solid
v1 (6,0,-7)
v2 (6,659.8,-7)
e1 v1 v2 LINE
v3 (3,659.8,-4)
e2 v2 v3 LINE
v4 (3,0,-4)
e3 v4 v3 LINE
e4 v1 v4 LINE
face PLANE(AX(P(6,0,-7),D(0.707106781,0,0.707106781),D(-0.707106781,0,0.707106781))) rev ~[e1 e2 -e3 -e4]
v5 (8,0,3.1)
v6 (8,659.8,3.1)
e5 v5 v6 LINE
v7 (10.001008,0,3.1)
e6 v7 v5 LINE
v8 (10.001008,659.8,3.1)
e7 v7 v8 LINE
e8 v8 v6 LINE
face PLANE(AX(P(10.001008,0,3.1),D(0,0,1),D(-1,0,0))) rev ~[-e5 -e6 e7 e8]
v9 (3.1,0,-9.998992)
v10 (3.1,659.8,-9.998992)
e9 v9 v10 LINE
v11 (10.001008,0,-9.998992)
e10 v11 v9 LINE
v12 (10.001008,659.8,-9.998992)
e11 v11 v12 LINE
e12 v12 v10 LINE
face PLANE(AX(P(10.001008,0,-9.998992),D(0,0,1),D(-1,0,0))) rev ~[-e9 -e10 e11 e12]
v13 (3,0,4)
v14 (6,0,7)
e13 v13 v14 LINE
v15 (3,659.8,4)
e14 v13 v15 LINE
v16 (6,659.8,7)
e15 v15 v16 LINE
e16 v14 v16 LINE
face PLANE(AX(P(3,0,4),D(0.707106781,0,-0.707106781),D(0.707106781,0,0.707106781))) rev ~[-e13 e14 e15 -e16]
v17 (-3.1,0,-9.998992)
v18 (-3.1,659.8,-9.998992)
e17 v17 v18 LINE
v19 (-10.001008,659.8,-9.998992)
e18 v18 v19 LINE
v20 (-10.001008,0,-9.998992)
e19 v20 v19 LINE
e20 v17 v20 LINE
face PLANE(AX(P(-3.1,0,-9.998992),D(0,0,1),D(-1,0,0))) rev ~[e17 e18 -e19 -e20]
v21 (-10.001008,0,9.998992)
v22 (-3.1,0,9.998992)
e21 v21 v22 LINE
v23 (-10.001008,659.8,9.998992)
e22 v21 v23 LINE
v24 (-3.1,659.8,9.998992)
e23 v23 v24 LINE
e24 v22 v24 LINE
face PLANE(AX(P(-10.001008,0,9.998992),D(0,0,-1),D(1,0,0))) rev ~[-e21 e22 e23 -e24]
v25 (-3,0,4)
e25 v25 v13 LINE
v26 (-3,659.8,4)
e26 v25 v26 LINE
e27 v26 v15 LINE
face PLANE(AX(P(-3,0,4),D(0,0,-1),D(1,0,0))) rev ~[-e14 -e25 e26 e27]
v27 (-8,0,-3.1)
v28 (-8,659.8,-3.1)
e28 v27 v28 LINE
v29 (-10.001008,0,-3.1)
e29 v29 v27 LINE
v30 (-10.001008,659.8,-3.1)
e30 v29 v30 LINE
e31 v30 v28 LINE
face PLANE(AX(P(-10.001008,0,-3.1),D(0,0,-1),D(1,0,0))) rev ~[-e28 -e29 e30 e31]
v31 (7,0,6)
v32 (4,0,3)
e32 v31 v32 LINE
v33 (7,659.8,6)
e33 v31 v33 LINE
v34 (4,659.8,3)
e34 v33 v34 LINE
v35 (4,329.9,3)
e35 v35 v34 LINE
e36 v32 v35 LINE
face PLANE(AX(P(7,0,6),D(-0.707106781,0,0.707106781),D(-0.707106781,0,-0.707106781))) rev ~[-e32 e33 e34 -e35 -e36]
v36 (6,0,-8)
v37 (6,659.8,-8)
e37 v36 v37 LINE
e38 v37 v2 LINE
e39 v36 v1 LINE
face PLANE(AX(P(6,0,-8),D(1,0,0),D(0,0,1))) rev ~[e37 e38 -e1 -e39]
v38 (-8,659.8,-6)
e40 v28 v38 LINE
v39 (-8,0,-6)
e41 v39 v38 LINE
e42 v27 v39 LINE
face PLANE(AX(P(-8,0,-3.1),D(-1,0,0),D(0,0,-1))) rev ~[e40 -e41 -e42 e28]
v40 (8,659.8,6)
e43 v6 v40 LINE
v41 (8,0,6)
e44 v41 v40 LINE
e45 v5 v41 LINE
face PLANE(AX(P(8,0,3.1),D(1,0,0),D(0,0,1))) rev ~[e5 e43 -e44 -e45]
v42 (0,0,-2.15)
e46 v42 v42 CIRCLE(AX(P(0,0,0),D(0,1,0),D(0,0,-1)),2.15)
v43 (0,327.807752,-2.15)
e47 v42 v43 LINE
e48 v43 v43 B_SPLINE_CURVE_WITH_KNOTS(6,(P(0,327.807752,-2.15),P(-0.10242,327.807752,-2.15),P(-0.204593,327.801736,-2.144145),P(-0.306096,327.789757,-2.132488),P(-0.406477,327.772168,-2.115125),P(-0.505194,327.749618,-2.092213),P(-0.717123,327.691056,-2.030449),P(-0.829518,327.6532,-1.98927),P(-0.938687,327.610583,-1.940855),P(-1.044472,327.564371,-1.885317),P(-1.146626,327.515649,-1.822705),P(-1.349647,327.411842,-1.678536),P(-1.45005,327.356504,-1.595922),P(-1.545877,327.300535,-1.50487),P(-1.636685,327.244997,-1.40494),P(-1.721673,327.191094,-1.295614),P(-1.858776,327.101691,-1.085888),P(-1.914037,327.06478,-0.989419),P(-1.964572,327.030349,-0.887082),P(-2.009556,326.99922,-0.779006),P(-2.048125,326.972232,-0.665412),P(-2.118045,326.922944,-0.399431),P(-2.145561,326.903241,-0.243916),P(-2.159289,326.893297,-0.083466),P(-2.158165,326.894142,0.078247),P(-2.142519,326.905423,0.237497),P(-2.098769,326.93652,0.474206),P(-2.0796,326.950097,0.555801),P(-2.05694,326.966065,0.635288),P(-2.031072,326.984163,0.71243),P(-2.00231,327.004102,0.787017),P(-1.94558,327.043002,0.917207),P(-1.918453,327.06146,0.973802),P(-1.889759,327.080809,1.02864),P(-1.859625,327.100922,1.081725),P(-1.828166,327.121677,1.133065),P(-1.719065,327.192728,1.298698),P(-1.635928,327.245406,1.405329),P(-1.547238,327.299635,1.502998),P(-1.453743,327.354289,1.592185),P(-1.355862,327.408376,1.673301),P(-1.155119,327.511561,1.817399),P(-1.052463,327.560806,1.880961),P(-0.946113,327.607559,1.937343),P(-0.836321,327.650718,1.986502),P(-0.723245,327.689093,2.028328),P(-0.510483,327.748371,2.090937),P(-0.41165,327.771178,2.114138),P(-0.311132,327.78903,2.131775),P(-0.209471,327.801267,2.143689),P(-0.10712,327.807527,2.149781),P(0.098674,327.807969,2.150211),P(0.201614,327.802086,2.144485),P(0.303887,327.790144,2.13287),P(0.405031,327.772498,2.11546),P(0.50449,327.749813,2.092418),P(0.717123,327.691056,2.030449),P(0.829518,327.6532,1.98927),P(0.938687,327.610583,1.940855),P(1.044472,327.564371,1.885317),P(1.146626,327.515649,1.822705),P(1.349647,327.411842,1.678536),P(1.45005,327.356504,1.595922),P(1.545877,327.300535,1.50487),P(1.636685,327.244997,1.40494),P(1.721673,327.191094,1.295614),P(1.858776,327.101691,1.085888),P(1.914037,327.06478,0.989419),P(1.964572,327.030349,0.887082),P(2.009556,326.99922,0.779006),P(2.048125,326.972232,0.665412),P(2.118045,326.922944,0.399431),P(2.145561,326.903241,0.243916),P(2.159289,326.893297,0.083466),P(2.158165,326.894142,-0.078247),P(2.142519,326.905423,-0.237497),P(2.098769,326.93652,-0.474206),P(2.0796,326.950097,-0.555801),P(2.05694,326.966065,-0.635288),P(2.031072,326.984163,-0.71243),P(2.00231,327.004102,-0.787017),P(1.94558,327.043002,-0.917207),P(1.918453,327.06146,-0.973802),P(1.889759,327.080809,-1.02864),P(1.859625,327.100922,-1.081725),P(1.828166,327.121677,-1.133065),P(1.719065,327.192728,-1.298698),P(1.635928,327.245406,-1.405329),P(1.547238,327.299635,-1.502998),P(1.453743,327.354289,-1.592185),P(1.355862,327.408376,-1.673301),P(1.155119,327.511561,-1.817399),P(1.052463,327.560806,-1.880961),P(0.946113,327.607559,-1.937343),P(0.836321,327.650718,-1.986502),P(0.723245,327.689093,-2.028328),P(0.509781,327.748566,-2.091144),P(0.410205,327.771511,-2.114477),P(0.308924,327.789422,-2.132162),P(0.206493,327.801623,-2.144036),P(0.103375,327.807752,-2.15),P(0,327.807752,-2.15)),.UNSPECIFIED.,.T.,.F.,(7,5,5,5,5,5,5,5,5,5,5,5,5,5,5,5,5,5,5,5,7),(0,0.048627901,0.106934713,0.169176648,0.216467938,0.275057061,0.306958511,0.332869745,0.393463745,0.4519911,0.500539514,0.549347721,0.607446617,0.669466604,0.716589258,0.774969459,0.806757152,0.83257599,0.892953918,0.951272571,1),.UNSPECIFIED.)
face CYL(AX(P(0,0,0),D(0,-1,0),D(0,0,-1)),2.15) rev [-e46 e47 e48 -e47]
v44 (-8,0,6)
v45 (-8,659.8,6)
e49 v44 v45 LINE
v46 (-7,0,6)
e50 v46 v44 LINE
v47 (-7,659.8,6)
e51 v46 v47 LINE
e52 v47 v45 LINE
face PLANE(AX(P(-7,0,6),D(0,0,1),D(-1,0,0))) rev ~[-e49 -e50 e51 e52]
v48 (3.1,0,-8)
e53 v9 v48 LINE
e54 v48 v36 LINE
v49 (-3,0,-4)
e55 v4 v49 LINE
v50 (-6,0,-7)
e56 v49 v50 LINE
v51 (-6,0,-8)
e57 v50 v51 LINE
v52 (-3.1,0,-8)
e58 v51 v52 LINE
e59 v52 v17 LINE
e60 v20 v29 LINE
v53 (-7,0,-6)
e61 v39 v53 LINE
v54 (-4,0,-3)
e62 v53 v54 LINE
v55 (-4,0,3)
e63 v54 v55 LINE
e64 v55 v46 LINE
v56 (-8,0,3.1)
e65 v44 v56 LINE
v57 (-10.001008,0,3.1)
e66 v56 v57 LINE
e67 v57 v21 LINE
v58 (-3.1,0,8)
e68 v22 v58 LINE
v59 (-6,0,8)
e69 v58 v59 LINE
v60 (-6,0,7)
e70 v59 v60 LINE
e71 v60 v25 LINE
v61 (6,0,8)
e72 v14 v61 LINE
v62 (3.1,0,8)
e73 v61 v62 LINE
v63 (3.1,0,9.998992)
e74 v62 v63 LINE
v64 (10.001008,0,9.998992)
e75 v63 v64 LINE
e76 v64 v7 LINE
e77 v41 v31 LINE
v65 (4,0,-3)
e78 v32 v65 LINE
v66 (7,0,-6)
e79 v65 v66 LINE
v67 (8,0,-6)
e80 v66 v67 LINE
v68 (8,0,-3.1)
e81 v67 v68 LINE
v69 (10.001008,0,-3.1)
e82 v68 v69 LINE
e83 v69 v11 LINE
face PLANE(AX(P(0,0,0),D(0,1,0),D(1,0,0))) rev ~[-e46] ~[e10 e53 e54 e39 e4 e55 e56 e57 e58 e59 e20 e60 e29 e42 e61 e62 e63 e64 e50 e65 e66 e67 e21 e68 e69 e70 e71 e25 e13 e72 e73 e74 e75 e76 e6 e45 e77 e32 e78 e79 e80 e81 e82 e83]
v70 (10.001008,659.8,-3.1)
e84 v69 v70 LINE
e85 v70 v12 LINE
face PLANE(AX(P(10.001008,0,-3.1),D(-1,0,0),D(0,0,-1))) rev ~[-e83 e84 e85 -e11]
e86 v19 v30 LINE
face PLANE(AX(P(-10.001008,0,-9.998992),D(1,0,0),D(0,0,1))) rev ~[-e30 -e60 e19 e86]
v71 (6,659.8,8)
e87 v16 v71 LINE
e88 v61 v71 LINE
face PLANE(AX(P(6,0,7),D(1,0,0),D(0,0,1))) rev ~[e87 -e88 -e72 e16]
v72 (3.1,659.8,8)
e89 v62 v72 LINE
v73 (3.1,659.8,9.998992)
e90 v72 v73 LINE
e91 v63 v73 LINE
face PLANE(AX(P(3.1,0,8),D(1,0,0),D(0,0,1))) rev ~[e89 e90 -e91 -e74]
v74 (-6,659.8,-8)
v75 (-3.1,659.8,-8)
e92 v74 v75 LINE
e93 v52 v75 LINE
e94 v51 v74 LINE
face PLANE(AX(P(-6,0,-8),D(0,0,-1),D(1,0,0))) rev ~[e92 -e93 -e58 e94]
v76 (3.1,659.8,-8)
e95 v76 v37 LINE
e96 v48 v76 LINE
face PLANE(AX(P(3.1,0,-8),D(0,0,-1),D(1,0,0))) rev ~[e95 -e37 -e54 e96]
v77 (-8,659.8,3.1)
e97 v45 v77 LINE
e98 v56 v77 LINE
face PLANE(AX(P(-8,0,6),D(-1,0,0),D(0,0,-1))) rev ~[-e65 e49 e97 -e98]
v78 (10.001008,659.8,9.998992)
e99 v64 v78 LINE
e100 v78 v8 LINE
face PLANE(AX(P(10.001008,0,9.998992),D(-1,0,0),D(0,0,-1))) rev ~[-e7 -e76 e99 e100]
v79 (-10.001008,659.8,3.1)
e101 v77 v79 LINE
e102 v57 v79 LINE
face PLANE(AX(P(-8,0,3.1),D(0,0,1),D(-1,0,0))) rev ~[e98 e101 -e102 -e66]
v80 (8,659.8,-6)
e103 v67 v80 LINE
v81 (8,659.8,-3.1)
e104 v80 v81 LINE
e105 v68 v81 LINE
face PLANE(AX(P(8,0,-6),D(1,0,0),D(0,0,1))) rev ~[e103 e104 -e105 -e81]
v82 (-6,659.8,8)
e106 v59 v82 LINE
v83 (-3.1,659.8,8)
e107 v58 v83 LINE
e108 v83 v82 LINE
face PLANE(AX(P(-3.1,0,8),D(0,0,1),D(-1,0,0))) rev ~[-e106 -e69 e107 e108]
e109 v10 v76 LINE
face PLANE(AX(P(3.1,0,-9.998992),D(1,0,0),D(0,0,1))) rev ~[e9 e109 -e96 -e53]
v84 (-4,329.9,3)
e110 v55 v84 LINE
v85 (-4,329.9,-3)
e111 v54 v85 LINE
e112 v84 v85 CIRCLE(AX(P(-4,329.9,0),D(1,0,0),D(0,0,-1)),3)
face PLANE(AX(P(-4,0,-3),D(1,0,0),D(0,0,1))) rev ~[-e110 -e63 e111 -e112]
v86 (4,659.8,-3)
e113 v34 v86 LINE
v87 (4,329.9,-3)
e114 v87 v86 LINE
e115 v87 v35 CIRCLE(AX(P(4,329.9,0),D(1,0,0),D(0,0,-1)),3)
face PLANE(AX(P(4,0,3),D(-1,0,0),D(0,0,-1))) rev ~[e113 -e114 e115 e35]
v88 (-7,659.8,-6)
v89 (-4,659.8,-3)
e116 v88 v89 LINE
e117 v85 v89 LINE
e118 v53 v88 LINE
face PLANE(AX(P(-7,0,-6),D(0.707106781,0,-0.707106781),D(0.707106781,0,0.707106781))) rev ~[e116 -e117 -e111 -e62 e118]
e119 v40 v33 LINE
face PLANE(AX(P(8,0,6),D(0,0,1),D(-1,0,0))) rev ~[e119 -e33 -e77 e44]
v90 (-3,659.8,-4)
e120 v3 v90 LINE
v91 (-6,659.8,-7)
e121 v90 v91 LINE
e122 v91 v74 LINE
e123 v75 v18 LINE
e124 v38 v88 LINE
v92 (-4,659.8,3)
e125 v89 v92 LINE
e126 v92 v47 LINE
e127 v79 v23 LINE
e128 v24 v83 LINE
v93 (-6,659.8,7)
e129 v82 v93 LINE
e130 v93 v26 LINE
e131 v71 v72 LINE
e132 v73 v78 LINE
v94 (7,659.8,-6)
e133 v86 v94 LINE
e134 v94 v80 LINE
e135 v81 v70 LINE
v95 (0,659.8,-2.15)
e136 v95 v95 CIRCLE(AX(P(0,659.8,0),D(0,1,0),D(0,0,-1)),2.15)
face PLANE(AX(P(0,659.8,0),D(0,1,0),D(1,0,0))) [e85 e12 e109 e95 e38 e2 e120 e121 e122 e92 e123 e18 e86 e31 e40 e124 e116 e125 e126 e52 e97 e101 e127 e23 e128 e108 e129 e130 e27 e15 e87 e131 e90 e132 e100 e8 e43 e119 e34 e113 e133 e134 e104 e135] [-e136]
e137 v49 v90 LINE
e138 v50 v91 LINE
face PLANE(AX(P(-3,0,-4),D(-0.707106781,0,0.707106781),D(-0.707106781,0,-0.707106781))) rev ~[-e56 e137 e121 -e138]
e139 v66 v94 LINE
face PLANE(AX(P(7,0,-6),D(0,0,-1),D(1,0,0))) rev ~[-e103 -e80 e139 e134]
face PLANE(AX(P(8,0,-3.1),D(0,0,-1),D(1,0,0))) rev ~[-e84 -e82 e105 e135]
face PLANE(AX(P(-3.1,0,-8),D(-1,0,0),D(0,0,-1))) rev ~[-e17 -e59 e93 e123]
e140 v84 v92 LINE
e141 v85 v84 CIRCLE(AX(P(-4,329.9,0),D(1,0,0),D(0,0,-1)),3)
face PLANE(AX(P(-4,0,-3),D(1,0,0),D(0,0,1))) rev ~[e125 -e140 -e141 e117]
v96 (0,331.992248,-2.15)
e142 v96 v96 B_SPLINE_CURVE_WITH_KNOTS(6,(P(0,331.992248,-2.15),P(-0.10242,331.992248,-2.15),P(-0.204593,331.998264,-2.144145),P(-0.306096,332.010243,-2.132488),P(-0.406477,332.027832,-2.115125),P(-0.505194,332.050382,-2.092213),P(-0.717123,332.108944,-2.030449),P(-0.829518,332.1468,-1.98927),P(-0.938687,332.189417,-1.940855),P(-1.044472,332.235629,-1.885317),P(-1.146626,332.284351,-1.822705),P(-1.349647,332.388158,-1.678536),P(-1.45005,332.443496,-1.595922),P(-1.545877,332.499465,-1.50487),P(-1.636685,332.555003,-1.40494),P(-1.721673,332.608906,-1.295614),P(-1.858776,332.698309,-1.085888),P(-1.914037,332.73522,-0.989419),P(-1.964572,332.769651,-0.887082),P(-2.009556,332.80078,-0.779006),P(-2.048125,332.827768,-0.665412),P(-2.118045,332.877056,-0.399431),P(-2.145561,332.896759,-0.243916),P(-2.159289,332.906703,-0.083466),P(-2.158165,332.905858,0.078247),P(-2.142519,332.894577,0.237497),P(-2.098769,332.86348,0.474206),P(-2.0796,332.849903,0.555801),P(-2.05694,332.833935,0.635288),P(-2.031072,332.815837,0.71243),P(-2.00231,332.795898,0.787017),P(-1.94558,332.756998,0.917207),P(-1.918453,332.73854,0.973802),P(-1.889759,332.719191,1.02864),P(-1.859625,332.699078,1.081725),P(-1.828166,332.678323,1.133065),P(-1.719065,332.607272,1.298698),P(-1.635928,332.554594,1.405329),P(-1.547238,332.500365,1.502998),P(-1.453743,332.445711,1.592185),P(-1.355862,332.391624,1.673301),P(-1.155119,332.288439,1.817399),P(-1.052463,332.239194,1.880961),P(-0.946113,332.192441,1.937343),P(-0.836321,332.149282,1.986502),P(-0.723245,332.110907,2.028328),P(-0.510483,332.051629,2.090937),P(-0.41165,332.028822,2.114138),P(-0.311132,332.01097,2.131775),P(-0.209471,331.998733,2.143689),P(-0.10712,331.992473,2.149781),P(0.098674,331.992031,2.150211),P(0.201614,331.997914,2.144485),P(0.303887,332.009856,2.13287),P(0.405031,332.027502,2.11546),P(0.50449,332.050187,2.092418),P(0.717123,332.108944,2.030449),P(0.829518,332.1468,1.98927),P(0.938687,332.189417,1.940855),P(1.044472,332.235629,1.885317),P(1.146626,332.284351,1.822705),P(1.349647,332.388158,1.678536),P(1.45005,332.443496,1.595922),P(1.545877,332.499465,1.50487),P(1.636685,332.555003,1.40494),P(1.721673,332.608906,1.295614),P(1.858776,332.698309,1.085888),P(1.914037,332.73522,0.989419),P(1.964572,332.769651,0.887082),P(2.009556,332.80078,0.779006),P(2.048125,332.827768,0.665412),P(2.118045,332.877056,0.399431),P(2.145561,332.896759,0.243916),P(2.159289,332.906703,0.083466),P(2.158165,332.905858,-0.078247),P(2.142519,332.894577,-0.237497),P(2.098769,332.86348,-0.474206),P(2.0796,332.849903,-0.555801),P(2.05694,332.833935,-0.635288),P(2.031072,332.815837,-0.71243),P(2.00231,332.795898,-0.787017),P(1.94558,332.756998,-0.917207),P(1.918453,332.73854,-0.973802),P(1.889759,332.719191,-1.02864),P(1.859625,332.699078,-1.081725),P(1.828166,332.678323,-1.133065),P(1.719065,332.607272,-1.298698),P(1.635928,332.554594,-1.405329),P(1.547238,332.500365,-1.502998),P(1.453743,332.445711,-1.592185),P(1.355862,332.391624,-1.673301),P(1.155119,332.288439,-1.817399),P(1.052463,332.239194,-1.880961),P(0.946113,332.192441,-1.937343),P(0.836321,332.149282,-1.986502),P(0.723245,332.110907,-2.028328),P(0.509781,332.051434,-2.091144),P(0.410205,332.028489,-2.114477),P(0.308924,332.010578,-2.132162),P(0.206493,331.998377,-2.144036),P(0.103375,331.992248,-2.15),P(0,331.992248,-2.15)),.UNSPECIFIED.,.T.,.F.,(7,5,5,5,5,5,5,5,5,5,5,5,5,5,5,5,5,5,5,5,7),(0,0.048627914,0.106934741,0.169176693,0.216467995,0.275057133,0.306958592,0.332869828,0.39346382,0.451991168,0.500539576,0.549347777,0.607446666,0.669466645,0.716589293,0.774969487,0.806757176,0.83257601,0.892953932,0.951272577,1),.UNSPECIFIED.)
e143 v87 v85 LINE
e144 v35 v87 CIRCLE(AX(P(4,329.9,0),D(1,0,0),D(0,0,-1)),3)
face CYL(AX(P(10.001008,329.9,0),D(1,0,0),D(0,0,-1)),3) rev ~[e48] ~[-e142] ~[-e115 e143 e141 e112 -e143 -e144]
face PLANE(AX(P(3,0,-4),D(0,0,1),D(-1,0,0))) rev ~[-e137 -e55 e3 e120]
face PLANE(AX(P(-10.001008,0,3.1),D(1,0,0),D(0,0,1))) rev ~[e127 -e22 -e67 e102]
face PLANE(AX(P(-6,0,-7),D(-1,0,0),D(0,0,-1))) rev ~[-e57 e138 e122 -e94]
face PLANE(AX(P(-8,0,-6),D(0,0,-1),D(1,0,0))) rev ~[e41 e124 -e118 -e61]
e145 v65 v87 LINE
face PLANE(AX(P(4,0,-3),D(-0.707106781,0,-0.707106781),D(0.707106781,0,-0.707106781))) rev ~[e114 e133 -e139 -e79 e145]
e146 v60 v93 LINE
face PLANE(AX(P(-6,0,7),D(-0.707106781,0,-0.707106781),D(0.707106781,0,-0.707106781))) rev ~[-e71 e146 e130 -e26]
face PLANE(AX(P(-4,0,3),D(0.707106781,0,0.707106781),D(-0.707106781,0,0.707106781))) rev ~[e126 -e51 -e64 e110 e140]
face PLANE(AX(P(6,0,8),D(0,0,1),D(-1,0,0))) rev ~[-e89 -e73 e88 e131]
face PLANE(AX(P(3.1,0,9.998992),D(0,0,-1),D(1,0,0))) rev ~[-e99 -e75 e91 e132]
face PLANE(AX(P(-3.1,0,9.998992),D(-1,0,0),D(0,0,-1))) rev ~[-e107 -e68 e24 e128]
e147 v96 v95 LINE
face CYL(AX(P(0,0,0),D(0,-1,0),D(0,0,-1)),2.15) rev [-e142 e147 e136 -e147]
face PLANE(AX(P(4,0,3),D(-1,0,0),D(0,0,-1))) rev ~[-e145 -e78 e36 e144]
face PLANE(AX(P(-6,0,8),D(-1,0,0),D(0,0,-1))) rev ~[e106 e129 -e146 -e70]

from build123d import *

# Parameters (mm, degrees)
SKETCH_1_R          = 2.15
EXTRUDE_1_DEPTH     = 659.8
SKETCH_3_R          = 3
CUT_EXTRUDE_1_DEPTH = 26


with BuildPart() as part:
    # 스케치1 → 보스-돌출1 (new body)
    with BuildSketch(Plane(origin=(0, 0, 0), x_dir=(1, 0, 0), z_dir=(0, 1, 0))):
        Polygon((3.1, 8), (6, 8), (6, 7), (3, 4), (0, 4), (-3, 4), (-6, 7), (-6, 8), (-3.1, 8), (-3.1, 9.998992087), (-10.001007855, 9.998992087), (-10.001007855, 3.1), (-8, 3.1), (-8, 6), (-7, 6), (-4, 3), (-4, 0), (-4, -3), (-7, -6), (-8, -6), (-8, -3.1), (-10.001007855, -3.1), (-10.001007855, -9.998992087), (-3.1, -9.998992087), (-3.1, -8), (-6, -8), (-6, -7), (-3, -4), (0, -4), (3, -4), (6, -7), (6, -8), (3.1, -8), (3.1, -9.998992087), (10.001007855, -9.998992087), (10.001007855, -3.1), (8, -3.1), (8, -6), (7, -6), (4, -3), (4, 0), (4, 3), (7, 6), (8, 6), (8, 3.1), (10.001007855, 3.1), (10.001007855, 9.998992087), (3.1, 9.998992087), align=None)
        with Locations(Location((0, 0, 0), (0, 0, 90))):
            Circle(SKETCH_1_R, mode=Mode.SUBTRACT)
    extrude(amount=EXTRUDE_1_DEPTH)

    # 스케치3 → 컷-돌출1 (cut)
    with BuildSketch(Plane(origin=(10.001007855, 0, 0), x_dir=(0, 0, -1), z_dir=(1, 0, 0))):
        with Locations((0, 329.9)):
            Circle(SKETCH_3_R)
    extrude(amount=-CUT_EXTRUDE_1_DEPTH, mode=Mode.SUBTRACT)


solid = part.part
